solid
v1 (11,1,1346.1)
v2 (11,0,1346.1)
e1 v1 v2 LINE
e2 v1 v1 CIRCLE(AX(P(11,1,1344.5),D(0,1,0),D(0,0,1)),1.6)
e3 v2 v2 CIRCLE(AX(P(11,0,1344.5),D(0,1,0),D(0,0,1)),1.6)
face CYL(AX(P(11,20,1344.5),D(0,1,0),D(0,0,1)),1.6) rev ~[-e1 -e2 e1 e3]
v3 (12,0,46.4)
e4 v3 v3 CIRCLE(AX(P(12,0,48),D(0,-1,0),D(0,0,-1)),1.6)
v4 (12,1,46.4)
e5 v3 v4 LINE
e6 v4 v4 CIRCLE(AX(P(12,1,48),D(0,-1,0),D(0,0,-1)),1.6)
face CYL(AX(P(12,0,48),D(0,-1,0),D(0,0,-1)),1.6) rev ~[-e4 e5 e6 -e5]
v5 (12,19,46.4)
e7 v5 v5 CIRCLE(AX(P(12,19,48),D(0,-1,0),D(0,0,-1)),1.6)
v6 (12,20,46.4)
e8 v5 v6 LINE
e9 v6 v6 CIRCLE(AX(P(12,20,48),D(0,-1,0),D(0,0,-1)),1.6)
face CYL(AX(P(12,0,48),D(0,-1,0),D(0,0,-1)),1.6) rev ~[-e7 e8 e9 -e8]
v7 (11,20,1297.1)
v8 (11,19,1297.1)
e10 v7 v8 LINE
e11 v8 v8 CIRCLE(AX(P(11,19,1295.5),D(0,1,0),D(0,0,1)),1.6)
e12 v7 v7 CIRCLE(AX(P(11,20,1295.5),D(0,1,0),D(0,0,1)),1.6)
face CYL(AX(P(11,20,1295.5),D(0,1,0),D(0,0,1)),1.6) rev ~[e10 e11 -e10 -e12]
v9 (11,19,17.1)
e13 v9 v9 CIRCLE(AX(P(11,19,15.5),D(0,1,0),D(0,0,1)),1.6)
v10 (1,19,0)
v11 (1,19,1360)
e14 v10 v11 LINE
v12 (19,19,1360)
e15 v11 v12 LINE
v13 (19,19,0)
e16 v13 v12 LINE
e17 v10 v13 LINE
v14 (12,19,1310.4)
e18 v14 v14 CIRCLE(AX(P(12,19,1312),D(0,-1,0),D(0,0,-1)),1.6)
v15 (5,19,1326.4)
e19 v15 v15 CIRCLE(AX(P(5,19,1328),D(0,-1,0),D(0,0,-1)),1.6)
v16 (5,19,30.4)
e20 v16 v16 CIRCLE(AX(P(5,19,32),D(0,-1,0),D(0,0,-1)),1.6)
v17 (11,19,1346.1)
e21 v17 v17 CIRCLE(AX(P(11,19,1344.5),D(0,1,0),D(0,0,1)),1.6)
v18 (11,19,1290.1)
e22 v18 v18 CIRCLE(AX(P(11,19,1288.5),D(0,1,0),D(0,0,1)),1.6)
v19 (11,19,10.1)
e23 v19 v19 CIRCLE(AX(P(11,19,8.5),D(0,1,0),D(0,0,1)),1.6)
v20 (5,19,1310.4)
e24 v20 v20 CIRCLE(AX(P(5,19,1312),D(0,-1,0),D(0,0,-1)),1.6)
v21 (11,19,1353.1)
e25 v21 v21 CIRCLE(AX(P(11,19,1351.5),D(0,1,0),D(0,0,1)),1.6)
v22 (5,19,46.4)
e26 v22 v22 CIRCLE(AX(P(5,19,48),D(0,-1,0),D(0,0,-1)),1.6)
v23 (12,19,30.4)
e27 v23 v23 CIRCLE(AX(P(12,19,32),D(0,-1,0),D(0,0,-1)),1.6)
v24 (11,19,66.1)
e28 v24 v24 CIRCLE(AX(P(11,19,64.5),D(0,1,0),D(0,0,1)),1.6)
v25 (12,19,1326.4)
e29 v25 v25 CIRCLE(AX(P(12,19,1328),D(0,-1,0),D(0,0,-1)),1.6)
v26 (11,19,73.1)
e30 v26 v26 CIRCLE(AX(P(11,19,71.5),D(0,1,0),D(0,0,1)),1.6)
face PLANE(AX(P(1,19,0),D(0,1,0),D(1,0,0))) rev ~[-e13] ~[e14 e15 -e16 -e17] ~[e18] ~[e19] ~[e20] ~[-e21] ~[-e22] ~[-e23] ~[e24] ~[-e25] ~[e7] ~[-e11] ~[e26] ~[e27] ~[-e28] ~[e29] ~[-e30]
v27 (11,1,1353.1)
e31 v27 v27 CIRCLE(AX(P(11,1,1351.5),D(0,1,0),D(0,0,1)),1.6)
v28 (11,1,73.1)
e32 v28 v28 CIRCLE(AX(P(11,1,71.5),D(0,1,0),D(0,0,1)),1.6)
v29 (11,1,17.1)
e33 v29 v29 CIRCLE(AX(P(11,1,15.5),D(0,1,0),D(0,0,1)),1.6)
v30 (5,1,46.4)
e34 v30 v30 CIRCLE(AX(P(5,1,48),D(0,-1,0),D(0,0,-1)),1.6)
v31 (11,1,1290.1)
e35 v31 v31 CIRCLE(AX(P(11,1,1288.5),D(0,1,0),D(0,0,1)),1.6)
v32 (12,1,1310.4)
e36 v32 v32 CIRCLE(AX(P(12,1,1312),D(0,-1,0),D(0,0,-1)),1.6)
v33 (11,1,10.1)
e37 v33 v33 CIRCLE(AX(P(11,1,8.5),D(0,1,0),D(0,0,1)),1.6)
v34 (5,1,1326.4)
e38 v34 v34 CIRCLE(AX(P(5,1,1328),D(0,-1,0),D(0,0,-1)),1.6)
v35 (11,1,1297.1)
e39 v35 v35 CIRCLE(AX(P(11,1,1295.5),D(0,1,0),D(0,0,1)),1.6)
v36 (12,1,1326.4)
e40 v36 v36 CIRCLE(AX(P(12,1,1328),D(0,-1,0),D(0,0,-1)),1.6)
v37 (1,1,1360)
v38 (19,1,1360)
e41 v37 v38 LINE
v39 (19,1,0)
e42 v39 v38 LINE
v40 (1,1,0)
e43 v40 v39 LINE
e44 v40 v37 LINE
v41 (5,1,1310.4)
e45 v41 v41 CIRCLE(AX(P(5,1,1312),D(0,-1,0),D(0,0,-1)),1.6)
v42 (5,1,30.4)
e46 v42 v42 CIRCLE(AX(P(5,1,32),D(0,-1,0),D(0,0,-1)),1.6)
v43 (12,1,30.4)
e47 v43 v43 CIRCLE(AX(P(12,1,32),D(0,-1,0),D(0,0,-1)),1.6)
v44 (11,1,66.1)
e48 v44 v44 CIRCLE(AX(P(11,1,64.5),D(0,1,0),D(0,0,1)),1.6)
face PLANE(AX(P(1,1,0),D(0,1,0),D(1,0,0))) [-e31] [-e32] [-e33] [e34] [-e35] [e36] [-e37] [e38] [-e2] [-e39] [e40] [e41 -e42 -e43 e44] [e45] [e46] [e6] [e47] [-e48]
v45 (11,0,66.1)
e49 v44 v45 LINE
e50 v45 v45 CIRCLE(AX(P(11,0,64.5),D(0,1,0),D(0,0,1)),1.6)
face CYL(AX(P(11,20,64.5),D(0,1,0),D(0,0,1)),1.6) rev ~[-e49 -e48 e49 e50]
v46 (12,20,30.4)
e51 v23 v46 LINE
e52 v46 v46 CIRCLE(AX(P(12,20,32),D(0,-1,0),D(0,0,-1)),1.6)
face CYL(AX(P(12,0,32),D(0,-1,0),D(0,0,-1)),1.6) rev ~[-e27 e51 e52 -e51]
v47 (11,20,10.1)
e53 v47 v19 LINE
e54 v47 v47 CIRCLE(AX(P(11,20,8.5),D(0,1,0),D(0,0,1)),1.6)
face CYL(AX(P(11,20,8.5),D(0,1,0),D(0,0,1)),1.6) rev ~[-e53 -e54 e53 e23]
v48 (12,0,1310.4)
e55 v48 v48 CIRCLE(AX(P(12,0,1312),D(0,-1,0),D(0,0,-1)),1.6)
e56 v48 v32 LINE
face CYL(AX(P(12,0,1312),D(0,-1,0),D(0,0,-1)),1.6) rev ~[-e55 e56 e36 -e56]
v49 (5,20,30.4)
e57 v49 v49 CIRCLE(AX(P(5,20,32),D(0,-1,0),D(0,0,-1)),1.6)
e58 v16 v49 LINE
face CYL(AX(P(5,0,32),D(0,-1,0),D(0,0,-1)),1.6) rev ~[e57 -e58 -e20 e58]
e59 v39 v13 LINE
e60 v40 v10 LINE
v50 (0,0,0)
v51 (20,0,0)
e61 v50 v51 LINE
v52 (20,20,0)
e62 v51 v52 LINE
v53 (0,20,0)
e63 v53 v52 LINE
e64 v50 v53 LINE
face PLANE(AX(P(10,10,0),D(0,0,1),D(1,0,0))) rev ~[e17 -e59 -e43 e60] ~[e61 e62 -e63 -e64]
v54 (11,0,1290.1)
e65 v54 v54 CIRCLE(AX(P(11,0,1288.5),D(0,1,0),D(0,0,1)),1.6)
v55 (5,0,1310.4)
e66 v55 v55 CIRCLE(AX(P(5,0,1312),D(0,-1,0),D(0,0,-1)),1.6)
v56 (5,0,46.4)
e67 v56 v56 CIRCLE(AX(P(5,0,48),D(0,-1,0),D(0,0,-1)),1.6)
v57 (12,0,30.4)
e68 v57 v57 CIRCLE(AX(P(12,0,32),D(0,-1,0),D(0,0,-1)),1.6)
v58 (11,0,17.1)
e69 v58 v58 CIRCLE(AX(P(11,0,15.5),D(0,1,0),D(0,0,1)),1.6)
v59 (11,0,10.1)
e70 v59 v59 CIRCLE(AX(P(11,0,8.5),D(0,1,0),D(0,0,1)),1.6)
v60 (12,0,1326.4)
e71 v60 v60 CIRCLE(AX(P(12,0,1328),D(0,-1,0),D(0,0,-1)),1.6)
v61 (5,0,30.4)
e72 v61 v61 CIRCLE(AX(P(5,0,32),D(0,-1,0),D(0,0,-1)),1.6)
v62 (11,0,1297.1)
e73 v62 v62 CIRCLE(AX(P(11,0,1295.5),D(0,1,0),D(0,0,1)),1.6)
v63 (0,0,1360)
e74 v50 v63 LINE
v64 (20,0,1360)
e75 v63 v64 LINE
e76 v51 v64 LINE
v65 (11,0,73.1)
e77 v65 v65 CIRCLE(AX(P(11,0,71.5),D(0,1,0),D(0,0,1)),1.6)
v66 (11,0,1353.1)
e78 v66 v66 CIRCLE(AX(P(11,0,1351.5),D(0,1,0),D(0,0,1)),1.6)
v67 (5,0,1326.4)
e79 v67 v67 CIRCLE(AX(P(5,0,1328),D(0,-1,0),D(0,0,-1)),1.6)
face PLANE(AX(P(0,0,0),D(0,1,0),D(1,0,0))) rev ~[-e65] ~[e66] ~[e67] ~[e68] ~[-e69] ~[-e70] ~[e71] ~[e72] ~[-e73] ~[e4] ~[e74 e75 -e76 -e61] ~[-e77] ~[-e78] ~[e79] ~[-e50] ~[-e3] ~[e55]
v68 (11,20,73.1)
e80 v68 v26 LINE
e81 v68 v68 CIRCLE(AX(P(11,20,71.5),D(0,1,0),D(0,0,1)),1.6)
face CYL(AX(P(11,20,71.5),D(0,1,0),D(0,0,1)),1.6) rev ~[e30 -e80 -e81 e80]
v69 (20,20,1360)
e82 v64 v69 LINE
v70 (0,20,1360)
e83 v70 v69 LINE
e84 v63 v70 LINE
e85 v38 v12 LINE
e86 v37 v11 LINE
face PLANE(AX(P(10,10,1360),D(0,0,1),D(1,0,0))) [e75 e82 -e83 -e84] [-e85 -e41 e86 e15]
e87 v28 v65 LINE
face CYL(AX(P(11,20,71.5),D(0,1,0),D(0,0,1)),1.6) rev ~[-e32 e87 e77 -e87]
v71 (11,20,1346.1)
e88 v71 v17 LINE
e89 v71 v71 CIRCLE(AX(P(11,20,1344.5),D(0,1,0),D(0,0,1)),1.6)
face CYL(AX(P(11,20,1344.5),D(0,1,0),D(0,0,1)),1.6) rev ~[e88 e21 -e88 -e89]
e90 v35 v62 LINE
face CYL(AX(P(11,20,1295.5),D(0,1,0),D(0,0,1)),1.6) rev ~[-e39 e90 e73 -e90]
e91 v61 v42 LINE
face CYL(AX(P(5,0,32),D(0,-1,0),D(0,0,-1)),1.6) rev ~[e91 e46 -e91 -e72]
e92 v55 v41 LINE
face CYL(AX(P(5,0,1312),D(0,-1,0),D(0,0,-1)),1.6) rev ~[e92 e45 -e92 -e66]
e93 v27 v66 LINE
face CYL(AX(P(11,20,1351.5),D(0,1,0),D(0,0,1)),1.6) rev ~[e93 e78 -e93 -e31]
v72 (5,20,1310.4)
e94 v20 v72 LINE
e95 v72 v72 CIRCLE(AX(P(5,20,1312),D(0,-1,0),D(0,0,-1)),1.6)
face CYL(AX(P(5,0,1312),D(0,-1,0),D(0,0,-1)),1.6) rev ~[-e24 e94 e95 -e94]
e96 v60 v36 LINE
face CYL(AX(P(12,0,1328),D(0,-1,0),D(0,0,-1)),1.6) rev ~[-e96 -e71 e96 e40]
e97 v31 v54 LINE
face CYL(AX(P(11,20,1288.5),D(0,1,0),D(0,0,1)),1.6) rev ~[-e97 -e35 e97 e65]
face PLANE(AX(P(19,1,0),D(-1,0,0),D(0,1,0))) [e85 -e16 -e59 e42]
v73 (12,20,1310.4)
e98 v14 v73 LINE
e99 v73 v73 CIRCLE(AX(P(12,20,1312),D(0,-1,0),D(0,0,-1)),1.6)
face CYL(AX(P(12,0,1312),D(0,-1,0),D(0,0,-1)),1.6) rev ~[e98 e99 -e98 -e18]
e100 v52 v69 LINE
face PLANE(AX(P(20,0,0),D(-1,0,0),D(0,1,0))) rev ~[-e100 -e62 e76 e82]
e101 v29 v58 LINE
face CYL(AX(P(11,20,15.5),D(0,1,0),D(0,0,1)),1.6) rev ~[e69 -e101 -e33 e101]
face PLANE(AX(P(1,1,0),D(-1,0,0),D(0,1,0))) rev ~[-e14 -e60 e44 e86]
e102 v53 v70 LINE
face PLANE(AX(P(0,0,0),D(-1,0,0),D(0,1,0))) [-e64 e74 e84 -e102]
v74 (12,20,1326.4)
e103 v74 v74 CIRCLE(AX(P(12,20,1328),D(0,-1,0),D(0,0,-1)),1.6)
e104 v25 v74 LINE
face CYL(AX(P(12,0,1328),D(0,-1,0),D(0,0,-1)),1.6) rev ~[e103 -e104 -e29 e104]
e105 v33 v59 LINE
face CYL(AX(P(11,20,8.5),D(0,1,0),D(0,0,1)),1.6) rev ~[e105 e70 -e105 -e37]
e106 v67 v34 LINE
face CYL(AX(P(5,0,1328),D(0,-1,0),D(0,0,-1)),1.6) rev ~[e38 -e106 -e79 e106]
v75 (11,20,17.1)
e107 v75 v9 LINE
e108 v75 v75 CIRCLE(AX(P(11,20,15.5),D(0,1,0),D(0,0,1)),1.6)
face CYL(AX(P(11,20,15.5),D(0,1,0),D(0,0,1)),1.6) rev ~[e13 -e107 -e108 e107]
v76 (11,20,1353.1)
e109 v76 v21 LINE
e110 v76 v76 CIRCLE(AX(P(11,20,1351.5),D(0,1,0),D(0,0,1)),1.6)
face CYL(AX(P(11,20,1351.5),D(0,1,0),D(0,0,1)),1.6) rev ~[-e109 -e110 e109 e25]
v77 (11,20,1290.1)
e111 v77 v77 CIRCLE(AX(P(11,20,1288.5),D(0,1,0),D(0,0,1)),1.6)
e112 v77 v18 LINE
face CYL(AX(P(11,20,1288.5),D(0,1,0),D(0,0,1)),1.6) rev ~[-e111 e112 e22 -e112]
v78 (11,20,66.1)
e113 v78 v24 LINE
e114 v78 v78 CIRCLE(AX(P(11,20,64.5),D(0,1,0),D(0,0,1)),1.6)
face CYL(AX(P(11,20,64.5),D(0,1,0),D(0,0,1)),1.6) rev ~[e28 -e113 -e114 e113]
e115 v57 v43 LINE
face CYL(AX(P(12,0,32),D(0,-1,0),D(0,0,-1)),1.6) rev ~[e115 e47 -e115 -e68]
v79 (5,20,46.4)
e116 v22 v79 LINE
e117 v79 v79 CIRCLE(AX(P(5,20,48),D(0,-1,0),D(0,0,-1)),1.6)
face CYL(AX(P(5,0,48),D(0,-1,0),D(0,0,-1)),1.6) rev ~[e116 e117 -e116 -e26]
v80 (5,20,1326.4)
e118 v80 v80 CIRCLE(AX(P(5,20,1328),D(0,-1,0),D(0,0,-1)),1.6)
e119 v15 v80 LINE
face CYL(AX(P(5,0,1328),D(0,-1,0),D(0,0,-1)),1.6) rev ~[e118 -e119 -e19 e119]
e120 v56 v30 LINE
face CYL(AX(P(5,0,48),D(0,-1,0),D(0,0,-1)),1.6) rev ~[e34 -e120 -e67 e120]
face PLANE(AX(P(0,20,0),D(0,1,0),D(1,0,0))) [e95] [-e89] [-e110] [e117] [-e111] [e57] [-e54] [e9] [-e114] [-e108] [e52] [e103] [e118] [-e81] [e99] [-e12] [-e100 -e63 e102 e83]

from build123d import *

# Parameters (mm, degrees)
SKETCH_1_W          = 20
SKETCH_1_H          = 20
SKETCH_1_W_2        = 18
SKETCH_1_H_2        = 18
EXTRUDE_1_DEPTH     = 1360
SKETCH_2_R          = 1.6
CUT_EXTRUDE_1_DEPTH = 1361.294085851
SKETCH_3_R          = 1.6
CUT_EXTRUDE_2_DEPTH = 1361.294085851


with BuildPart() as part:
    # 草图1 → 凸台-拉伸1 (new body)
    with BuildSketch(Plane.XY):
        with Locations((10, 10)):
            Rectangle(SKETCH_1_W, SKETCH_1_H)
        with Locations((10, 10)):
            Rectangle(SKETCH_1_W_2, SKETCH_1_H_2, mode=Mode.SUBTRACT)
    extrude(amount=EXTRUDE_1_DEPTH)

    # 草图2 → 切除-拉伸1 (cut, through all)
    with BuildSketch(Plane(origin=(0, 20, 0), x_dir=(1, 0, 0), z_dir=(0, 1, 0))):
        with Locations(Location((11, -15.5, 0), (0, 0, 270))):
            Circle(SKETCH_2_R)
        with Locations(Location((11, -8.5, 0), (0, 0, 270))):
            Circle(SKETCH_2_R)
        with Locations(Location((11, -71.5, 0), (0, 0, 270))):
            Circle(SKETCH_2_R)
        with Locations(Location((11, -64.5, 0), (0, 0, 270))):
            Circle(SKETCH_2_R)
        with Locations(Location((11, -1295.5, 0), (0, 0, 270))):
            Circle(SKETCH_2_R)
        with Locations(Location((11, -1288.5, 0), (0, 0, 270))):
            Circle(SKETCH_2_R)
        with Locations(Location((11, -1351.5, 0), (0, 0, 270))):
            Circle(SKETCH_2_R)
        with Locations(Location((11, -1344.5, 0), (0, 0, 270))):
            Circle(SKETCH_2_R)
    extrude(amount=-CUT_EXTRUDE_1_DEPTH, mode=Mode.SUBTRACT)

    # 草图3 → 切除-拉伸2 (cut, through all)
    with BuildSketch(Plane.XZ):
        with Locations(Location((12, 1312, 0), (0, 0, 270))):
            Circle(SKETCH_3_R)
        with Locations(Location((12, 1328, 0), (0, 0, 270))):
            Circle(SKETCH_3_R)
        with Locations(Location((12, 32, 0), (0, 0, 270))):
            Circle(SKETCH_3_R)
        with Locations(Location((12, 48, 0), (0, 0, 270))):
            Circle(SKETCH_3_R)
        with Locations(Location((5, 1312, 0), (0, 0, 270))):
            Circle(SKETCH_3_R)
        with Locations(Location((5, 1328, 0), (0, 0, 270))):
            Circle(SKETCH_3_R)
        with Locations(Location((5, 32, 0), (0, 0, 270))):
            Circle(SKETCH_3_R)
        with Locations(Location((5, 48, 0), (0, 0, 270))):
            Circle(SKETCH_3_R)
    extrude(amount=-CUT_EXTRUDE_2_DEPTH, mode=Mode.SUBTRACT)


solid = part.part
